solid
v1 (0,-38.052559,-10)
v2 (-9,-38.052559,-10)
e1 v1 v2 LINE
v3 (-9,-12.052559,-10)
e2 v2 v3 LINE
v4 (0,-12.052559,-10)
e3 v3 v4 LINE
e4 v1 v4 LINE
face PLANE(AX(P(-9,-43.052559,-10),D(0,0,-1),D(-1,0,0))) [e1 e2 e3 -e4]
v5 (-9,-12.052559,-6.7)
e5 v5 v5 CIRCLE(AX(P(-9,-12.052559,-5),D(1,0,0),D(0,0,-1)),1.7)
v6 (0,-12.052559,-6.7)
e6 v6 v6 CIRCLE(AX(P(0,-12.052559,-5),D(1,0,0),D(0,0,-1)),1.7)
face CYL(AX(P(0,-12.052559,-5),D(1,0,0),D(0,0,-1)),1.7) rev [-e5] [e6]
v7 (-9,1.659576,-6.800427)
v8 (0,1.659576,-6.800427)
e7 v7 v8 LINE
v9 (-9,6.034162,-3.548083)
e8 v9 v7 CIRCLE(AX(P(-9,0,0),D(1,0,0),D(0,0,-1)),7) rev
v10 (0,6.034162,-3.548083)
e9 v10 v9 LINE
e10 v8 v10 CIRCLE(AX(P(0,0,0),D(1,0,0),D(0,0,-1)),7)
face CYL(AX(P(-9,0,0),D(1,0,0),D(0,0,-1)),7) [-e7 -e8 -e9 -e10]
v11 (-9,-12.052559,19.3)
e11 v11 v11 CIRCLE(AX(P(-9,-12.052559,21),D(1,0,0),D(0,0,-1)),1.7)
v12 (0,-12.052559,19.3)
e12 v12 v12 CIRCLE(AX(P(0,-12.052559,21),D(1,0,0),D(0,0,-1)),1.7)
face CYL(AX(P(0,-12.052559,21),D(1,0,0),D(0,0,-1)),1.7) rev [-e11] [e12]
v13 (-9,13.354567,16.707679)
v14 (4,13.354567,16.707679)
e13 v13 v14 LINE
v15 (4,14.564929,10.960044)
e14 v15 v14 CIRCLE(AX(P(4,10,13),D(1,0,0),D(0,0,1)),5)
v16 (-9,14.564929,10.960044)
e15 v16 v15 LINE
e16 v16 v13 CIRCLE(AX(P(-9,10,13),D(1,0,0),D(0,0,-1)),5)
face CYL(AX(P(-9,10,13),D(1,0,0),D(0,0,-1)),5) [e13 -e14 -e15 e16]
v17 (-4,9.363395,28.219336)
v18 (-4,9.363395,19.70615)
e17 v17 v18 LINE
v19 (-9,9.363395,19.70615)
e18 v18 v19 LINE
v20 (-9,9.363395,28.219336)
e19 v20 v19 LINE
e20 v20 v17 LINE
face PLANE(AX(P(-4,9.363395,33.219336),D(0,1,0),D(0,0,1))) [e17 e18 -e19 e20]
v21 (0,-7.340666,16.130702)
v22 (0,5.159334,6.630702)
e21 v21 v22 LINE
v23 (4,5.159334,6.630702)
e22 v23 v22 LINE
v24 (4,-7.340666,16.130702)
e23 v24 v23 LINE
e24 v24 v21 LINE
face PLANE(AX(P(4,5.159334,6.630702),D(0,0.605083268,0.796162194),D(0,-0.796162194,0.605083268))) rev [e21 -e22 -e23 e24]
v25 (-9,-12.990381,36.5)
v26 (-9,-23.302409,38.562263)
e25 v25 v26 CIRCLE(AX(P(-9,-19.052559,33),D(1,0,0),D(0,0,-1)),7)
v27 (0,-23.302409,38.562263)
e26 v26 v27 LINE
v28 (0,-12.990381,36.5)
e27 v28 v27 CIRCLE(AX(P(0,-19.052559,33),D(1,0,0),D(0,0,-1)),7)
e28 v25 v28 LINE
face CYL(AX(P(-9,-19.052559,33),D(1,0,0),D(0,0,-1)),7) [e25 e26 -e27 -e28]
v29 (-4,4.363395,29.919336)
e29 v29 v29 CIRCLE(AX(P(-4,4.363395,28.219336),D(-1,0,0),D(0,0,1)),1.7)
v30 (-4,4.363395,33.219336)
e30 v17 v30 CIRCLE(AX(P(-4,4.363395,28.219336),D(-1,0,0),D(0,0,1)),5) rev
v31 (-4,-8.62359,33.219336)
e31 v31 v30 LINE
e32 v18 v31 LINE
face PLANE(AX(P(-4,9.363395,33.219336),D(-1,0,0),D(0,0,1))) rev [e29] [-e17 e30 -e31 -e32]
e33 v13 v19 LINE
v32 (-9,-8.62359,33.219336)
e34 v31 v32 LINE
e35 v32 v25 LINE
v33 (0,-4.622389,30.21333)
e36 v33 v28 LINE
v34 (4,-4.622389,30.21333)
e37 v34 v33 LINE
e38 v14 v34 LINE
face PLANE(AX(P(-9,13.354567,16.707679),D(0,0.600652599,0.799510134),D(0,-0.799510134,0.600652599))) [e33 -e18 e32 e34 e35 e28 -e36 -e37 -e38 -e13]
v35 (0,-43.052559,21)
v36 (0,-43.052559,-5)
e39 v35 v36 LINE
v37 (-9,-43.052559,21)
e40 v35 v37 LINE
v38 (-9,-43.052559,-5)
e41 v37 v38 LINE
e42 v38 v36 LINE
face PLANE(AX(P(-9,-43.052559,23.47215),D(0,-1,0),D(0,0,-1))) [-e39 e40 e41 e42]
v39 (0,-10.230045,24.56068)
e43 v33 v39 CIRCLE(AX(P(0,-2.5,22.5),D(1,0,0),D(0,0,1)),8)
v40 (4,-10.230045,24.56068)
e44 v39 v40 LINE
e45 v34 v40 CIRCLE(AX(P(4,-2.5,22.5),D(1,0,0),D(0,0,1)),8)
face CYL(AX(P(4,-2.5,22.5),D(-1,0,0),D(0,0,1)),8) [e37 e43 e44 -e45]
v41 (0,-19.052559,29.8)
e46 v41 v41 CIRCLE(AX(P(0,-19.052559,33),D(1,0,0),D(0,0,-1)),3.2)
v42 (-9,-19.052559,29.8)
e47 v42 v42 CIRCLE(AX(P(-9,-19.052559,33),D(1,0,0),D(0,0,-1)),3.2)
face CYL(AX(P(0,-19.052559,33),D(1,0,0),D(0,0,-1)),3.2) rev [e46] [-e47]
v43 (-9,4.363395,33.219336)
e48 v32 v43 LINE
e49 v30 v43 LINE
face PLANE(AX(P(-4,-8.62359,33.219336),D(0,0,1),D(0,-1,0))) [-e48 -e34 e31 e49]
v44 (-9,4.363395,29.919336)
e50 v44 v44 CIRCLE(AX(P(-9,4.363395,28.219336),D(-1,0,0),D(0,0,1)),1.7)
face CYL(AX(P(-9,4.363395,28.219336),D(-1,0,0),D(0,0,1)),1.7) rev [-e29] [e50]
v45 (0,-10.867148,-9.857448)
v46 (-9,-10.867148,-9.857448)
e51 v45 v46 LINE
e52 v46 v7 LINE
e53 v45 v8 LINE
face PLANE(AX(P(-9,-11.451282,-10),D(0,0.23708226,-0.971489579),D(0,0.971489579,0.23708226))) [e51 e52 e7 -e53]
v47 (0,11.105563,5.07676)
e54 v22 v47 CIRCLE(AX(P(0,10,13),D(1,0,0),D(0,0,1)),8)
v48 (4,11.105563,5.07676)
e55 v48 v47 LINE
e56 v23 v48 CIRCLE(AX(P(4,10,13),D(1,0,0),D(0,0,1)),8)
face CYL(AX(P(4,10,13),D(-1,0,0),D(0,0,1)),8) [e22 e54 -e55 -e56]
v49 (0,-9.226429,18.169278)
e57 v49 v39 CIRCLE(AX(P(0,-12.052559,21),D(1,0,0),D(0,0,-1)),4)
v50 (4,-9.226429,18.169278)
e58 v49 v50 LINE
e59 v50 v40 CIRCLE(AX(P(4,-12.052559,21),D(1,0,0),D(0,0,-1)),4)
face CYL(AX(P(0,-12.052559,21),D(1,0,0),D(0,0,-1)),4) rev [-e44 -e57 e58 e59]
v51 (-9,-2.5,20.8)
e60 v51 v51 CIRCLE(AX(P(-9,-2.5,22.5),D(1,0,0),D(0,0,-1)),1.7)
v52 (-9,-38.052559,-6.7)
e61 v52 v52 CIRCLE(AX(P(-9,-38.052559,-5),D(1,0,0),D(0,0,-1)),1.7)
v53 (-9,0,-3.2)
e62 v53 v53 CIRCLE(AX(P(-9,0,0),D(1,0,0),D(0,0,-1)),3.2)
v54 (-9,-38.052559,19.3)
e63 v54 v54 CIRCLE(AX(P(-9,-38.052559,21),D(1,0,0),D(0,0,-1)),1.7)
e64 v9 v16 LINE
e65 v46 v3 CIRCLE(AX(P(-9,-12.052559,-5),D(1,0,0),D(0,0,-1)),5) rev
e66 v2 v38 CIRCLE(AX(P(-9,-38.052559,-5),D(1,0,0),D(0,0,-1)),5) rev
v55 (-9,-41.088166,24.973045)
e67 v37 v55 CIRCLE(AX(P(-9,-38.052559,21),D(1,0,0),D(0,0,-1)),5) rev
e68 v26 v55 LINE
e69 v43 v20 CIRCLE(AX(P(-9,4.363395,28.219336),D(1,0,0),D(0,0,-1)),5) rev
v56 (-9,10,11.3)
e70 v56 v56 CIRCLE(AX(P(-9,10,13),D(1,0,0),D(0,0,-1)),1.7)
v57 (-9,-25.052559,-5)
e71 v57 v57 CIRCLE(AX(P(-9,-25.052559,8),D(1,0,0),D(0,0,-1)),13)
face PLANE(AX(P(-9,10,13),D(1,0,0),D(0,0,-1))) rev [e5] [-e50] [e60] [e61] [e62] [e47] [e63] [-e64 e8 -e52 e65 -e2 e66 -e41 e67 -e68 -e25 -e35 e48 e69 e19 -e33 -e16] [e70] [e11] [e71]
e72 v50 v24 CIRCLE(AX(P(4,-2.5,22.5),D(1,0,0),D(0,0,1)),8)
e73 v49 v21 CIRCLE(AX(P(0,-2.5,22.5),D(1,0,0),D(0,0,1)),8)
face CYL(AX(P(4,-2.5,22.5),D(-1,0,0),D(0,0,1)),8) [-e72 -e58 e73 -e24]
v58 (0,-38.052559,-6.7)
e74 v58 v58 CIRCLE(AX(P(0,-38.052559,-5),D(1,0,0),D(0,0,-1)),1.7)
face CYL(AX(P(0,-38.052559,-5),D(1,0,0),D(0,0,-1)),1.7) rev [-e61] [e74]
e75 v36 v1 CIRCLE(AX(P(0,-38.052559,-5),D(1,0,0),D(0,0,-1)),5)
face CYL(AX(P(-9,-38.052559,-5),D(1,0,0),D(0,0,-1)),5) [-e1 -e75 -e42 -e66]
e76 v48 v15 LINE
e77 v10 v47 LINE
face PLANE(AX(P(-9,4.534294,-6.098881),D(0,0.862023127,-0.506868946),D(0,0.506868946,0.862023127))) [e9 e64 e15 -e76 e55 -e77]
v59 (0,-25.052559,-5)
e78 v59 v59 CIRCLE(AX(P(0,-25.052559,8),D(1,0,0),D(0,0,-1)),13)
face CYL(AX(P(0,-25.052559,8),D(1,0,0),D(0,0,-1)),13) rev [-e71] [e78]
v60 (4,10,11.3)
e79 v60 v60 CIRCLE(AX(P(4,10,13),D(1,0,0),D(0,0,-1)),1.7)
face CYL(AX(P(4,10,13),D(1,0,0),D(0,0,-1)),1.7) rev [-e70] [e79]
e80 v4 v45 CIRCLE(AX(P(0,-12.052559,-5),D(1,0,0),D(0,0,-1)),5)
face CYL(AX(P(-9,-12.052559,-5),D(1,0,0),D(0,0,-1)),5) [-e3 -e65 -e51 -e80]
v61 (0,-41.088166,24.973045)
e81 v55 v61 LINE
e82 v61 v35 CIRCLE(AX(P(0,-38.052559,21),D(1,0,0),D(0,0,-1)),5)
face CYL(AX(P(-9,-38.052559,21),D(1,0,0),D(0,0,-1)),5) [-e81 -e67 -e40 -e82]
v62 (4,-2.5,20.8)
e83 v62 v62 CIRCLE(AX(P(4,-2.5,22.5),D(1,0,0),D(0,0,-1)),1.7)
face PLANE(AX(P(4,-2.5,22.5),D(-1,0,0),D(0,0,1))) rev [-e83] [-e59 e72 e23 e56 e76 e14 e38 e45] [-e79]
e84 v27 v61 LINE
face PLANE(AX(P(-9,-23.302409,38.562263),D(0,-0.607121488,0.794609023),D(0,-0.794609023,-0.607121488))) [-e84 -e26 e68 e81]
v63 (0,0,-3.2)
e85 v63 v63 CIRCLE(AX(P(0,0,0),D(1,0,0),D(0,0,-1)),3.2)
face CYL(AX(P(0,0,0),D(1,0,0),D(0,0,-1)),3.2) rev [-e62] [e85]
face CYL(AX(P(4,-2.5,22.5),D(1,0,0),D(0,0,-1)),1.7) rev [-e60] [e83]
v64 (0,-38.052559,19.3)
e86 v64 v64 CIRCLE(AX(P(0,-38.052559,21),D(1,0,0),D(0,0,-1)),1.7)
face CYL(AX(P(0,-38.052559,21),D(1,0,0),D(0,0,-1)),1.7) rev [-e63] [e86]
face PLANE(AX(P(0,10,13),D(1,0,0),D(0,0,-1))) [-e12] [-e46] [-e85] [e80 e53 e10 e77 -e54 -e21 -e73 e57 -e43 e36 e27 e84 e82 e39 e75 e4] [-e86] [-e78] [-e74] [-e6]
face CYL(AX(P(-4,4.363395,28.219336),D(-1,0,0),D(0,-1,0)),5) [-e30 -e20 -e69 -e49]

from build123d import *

# Parameters (mm, degrees)
BOSS_EXTRUDE1_DEPTH = 9
BOSS_EXTRUDE2_START = 4
BOSS_EXTRUDE2_DEPTH = 4
CUT_EXTRUDE1_DEPTH  = 4
BOSS_EXTRUDE3_DEPTH = 5
HOLE1_D             = 3.4
HOLE1_DEPTH         = 13.000025
HOLE2_D             = 3.4
HOLE3_D             = 3.4
HOLE4_D             = 26
HOLE5_D             = 3.4
HOLE6_D             = 3.4
HOLE7_D             = 3.4
HOLE8_D             = 3.4
HOLE9_D             = 6.4
HOLE10_D            = 6.4
FILLET1_R           = 5
FILLET2_R           = 5
FILLET3_R           = 5
FILLET4_R           = 5
FILLET5_R           = 7


with BuildPart() as part:
    # Sketch1 → Boss-Extrude1 (new body)
    with BuildSketch(Plane(origin=(0, 0, 0), x_dir=(0, 0, -1), z_dir=(1, 0, 0))):
        with BuildLine():
            Line((-16.707678896, 13.35456662), (-36.5, -12.990381057))
            ThreePointArc((-36.5, -12.990381057), (-39.864082969, -17.679837136), (-38.562263158, -23.302409299))
            Line((-38.562263158, -23.302409299), (-23.47214983, -43.052558883))
            Line((-23.47214983, -43.052558883), (10, -43.052558883))
            Line((10, -43.052558883), (10, -11.451281904))
            Line((10, -11.451281904), (6.09888089, 4.53429444))
            Line((6.09888089, 4.53429444), (-10.960043614, 14.564929128))
            ThreePointArc((-10.960043614, 14.564929128), (-14.030324678, 14.892691596), (-16.707678896, 13.35456662))
        make_face()
    extrude(amount=-BOSS_EXTRUDE1_DEPTH)

    # Sketch2 → Boss-Extrude2 (add)
    with BuildSketch(Plane(origin=(0, 0, 0), x_dir=(0, 0, -1), z_dir=(1, 0, 0)).offset(BOSS_EXTRUDE2_START)):
        with BuildLine():
            Line((-30.213330314, -4.622389094), (-16.707678896, 13.35456662))
            ThreePointArc((-16.707678896, 13.35456662), (-14.030324678, 14.892691596), (-10.960043614, 14.564929128))
            Line((-10.960043614, 14.564929128), (-5.076760086, 11.105562869))
            ThreePointArc((-5.076760086, 11.105562869), (-5.259937554, 7.977270822), (-6.630702447, 5.15933386))
            Line((-6.630702447, 5.15933386), (-16.130702447, -7.34066614))
            ThreePointArc((-16.130702447, -7.34066614), (-24.016200363, -10.355007095), (-30.213330314, -4.622389094))
        make_face()
    extrude(amount=-BOSS_EXTRUDE2_DEPTH)

    # Sketch3 → Cut-Extrude1 (cut)
    with BuildSketch(Plane(origin=(4, 0, 0), x_dir=(0, 0, -1), z_dir=(1, 0, 0))):
        with BuildLine():
            ThreePointArc((-24.560680199, -10.230045092), (-21.25899871, -10.403158596), (-18.1692777, -9.226428797))
            ThreePointArc((-18.1692777, -9.226428797), (-21.620500645, -8.100979585), (-24.560680199, -10.230045092))
        make_face()
    extrude(amount=-CUT_EXTRUDE1_DEPTH, mode=Mode.SUBTRACT)

    # Sketch4 → Boss-Extrude3 (add)
    with BuildSketch(Plane(origin=(-9, 0, 0), x_dir=(0, -1, 0), z_dir=(-1, 0, 0))):
        Polygon((-9.363394526, 33.219335817), (-9.363394526, 19.706149822), (8.623590229, 33.219335817), align=None)
    extrude(amount=-BOSS_EXTRUDE3_DEPTH)

    # Hole1
    with Locations(Plane.ZY.offset(9)):
        with Locations((28.219335817, 4.363394526)):
            Hole(HOLE1_D / 2, depth=HOLE1_DEPTH)

    # Hole2 (through all)
    with Locations(Plane(origin=(4, 0, 0), x_dir=(0, 0, -1), z_dir=(1, 0, 0))):
        with Locations((-13, 10)):
            Hole(HOLE2_D / 2)

    # Hole3 (through all)
    with Locations(Plane(origin=(4, 0, 0), x_dir=(0, 0, -1), z_dir=(1, 0, 0))):
        with Locations((-22.5, -2.5)):
            Hole(HOLE3_D / 2)

    # Hole4 (through all)
    with Locations(Plane(origin=(0, 0, 0), x_dir=(0, 0, -1), z_dir=(1, 0, 0))):
        with Locations((-8, -25.052558883)):
            Hole(HOLE4_D / 2)

    # Hole5 (through all)
    with Locations(Plane(origin=(0, 0, 0), x_dir=(0, 0, -1), z_dir=(1, 0, 0))):
        with Locations((5, -38.052558883)):
            Hole(HOLE5_D / 2)

    # Hole6 (through all)
    with Locations(Plane(origin=(0, 0, 0), x_dir=(0, 0, -1), z_dir=(1, 0, 0))):
        with Locations((-21, -38.052558883)):
            Hole(HOLE6_D / 2)

    # Hole7 (through all)
    with Locations(Plane(origin=(0, 0, 0), x_dir=(0, 0, -1), z_dir=(1, 0, 0))):
        with Locations((-21, -12.052558883)):
            Hole(HOLE7_D / 2)

    # Hole8 (through all)
    with Locations(Plane(origin=(0, 0, 0), x_dir=(0, 0, -1), z_dir=(1, 0, 0))):
        with Locations((5, -12.052558883)):
            Hole(HOLE8_D / 2)

    # Hole9 (through all)
    with Locations(Plane(origin=(0, 0, 0), x_dir=(0, 0, -1), z_dir=(1, 0, 0))):
        with Locations((0, 0)):
            Hole(HOLE9_D / 2)

    # Hole10 (through all)
    with Locations(Plane(origin=(0, 0, 0), x_dir=(0, 0, -1), z_dir=(1, 0, 0))):
        with Locations((-33, -19.052558883)):
            Hole(HOLE10_D / 2)

    # Fillet1
    fillet1_edges = [part.edges().sort_by_distance(p)[0] for p in [
        (-4.5, -43.052558883, -10),
    ]]
    fillet(fillet1_edges, radius=FILLET1_R)

    # Fillet2
    fillet2_edges = [part.edges().sort_by_distance(p)[0] for p in [
        (-4.5, -11.451281904, -10),
    ]]
    fillet(fillet2_edges, radius=FILLET2_R)

    # Fillet3
    fillet3_edges = [part.edges().sort_by_distance(p)[0] for p in [
        (-6.5, 9.363394526, 33.219335817),
    ]]
    fillet(fillet3_edges, radius=FILLET3_R)

    # Fillet4
    fillet4_edges = [part.edges().sort_by_distance(p)[0] for p in [
        (-4.5, -43.052558883, 23.47214983),
    ]]
    fillet(fillet4_edges, radius=FILLET4_R)

    # Fillet5
    fillet5_edges = [part.edges().sort_by_distance(p)[0] for p in [
        (-4.5, 4.53429444, -6.09888089),
    ]]
    fillet(fillet5_edges, radius=FILLET5_R)


solid = part.part
